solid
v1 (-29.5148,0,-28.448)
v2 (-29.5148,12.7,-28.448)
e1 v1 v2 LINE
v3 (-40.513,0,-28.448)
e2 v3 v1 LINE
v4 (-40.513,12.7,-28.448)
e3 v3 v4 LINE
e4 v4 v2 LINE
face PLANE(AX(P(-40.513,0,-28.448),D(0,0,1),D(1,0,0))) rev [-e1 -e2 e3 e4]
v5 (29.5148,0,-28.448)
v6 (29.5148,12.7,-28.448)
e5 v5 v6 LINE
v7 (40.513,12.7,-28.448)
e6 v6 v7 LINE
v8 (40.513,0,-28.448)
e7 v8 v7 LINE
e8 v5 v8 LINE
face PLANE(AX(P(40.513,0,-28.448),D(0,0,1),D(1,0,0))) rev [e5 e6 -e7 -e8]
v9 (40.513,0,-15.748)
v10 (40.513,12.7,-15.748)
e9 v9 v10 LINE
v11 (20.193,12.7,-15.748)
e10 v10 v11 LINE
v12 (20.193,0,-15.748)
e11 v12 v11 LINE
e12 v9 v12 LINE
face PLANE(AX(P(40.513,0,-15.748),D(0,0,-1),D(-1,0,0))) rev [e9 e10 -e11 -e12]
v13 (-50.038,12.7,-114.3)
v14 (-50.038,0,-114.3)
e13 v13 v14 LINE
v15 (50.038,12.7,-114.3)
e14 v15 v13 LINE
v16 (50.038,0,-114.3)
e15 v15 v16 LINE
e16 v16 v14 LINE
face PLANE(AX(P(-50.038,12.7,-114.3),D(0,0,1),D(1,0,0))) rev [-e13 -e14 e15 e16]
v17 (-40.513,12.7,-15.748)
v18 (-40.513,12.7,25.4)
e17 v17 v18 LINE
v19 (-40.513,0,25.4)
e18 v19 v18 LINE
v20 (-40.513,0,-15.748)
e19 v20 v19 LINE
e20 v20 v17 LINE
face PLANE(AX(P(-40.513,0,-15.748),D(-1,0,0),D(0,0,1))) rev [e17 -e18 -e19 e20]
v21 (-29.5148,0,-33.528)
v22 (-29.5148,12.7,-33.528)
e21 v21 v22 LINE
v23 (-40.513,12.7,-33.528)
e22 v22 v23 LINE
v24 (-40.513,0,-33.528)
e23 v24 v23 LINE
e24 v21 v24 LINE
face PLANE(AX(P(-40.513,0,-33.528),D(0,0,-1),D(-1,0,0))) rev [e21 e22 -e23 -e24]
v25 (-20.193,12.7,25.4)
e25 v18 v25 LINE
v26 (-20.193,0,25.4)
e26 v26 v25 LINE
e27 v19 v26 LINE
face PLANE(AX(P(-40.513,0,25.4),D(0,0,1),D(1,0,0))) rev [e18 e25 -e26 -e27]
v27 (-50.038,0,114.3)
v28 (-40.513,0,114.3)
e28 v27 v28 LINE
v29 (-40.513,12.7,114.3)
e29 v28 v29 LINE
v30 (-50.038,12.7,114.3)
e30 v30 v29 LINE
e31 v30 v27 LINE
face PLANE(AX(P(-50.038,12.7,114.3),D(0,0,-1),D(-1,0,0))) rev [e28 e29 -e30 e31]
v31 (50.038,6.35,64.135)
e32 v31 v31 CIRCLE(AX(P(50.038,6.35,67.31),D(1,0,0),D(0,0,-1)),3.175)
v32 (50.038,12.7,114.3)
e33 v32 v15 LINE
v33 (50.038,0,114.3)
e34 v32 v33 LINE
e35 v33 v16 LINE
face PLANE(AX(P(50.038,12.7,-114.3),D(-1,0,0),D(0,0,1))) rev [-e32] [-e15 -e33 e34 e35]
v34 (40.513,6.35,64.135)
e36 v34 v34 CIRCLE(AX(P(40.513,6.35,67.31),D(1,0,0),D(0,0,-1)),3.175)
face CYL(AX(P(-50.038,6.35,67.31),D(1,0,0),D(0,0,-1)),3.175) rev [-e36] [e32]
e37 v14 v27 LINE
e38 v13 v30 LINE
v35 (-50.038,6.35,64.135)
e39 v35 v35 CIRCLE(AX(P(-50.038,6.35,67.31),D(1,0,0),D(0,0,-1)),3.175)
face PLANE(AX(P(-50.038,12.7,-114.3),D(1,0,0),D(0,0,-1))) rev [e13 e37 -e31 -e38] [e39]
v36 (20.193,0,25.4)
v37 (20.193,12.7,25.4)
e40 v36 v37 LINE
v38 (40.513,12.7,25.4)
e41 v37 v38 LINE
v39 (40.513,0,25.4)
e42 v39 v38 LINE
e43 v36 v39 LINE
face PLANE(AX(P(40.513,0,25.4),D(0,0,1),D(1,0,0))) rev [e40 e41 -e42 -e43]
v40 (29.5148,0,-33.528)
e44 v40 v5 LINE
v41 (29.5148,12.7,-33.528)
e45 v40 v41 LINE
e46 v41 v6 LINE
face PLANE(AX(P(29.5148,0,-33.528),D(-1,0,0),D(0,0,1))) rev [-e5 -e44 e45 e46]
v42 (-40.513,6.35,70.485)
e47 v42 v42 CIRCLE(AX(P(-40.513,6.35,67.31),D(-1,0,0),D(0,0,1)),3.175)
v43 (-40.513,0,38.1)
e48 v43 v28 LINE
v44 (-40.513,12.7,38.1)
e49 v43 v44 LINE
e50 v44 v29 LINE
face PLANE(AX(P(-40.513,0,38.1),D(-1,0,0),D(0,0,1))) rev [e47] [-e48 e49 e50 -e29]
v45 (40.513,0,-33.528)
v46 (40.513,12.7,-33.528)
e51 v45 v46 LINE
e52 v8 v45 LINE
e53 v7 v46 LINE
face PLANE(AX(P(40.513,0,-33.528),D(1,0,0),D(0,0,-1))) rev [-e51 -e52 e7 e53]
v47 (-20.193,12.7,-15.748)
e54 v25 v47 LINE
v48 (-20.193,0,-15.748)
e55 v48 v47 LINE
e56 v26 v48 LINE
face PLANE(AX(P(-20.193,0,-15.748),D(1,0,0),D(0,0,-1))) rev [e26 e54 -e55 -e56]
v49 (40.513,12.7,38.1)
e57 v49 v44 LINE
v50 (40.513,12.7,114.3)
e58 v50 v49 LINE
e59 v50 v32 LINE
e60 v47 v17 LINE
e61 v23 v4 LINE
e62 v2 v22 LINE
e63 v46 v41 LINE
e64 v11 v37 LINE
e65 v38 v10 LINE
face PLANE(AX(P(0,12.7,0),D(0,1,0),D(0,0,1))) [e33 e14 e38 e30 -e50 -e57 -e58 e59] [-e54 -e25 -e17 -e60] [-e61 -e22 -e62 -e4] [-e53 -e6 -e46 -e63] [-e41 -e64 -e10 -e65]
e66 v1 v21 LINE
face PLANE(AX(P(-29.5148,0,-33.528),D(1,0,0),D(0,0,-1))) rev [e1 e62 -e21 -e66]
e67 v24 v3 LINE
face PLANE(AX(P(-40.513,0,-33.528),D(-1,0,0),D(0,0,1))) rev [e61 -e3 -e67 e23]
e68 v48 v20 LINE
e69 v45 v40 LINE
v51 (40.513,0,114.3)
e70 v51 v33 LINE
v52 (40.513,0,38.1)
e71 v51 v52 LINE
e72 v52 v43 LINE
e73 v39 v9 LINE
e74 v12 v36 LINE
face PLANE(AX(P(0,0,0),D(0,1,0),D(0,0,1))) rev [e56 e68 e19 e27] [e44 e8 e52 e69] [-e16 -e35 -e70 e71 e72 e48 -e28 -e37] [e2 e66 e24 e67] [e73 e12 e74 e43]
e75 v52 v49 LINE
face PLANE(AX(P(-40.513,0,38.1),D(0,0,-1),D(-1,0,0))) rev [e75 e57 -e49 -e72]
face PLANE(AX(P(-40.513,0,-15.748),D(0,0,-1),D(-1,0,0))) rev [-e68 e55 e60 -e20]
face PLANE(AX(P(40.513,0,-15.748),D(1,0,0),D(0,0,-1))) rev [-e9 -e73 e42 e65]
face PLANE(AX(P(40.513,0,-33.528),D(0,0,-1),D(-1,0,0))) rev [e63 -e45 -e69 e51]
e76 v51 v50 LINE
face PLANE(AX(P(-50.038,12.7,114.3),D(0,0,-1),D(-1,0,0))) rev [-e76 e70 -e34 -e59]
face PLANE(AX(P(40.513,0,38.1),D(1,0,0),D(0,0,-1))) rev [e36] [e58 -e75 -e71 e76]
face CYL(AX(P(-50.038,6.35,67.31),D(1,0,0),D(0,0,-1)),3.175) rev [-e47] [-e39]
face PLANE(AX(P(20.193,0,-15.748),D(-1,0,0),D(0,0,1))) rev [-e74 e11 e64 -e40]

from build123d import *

# Parameters (mm, degrees)
SKETCH1_W               = 100.076
SKETCH1_H               = 228.6
BOSS_EXTRUDE1_DEPTH     = 12.7
SKETCH2_W               = 81.026
SKETCH2_H               = 76.2
CUT_EXTRUDE1_DEPTH      = 13.7
SKETCH3_W               = 20.32
SKETCH3_H               = 41.148
SKETCH3_W_2             = 10.9982
SKETCH3_H_2             = 5.08
CUT_EXTRUDE2_DEPTH      = 13.7
SKETCH4_R               = 3.175
CUT_EXTRUDE3_DEPTH      = 91.551
CUT_EXTRUDE3_DEPTH_BACK = 10.525


with BuildPart() as part:
    # Sketch1 → Boss-Extrude1 (new body)
    with BuildSketch(Plane(origin=(0, 0, 0), x_dir=(1, 0, 0), z_dir=(0, 1, 0))):
        Rectangle(SKETCH1_W, SKETCH1_H)
    extrude(amount=BOSS_EXTRUDE1_DEPTH)

    # Sketch2 → Cut-Extrude1 (cut, through all)
    with BuildSketch(Plane(origin=(0, 12.7, 0), x_dir=(1, 0, 0), z_dir=(0, 1, 0))):
        with Locations((0, -76.2)):
            Rectangle(SKETCH2_W, SKETCH2_H)
    extrude(amount=-CUT_EXTRUDE1_DEPTH, mode=Mode.SUBTRACT)

    # Sketch3 → Cut-Extrude2 (cut, through all)
    with BuildSketch(Plane(origin=(0, 12.7, 0), x_dir=(1, 0, 0), z_dir=(0, 1, 0))):
        with Locations((-30.353, -4.826)):
            Rectangle(SKETCH3_W, SKETCH3_H)
        with Locations((-35.0139, 30.988)):
            Rectangle(SKETCH3_W_2, SKETCH3_H_2)
        with Locations((30.353, -4.826)):
            Rectangle(SKETCH3_W, SKETCH3_H)
        with Locations((35.0139, 30.988)):
            Rectangle(SKETCH3_W_2, SKETCH3_H_2)
    extrude(amount=-CUT_EXTRUDE2_DEPTH, mode=Mode.SUBTRACT)

    # Sketch4 → Cut-Extrude3 (cut, two sides)
    with BuildSketch(Plane(origin=(-40.513, 0, 0), x_dir=(0, 0, -1), z_dir=(1, 0, 0))) as cut_extrude3_sk:
        with Locations((-67.31, 6.35)):
            Circle(SKETCH4_R)
    extrude(amount=CUT_EXTRUDE3_DEPTH, mode=Mode.SUBTRACT)
    extrude(cut_extrude3_sk.sketch, amount=-CUT_EXTRUDE3_DEPTH_BACK, mode=Mode.SUBTRACT)


solid = part.part
